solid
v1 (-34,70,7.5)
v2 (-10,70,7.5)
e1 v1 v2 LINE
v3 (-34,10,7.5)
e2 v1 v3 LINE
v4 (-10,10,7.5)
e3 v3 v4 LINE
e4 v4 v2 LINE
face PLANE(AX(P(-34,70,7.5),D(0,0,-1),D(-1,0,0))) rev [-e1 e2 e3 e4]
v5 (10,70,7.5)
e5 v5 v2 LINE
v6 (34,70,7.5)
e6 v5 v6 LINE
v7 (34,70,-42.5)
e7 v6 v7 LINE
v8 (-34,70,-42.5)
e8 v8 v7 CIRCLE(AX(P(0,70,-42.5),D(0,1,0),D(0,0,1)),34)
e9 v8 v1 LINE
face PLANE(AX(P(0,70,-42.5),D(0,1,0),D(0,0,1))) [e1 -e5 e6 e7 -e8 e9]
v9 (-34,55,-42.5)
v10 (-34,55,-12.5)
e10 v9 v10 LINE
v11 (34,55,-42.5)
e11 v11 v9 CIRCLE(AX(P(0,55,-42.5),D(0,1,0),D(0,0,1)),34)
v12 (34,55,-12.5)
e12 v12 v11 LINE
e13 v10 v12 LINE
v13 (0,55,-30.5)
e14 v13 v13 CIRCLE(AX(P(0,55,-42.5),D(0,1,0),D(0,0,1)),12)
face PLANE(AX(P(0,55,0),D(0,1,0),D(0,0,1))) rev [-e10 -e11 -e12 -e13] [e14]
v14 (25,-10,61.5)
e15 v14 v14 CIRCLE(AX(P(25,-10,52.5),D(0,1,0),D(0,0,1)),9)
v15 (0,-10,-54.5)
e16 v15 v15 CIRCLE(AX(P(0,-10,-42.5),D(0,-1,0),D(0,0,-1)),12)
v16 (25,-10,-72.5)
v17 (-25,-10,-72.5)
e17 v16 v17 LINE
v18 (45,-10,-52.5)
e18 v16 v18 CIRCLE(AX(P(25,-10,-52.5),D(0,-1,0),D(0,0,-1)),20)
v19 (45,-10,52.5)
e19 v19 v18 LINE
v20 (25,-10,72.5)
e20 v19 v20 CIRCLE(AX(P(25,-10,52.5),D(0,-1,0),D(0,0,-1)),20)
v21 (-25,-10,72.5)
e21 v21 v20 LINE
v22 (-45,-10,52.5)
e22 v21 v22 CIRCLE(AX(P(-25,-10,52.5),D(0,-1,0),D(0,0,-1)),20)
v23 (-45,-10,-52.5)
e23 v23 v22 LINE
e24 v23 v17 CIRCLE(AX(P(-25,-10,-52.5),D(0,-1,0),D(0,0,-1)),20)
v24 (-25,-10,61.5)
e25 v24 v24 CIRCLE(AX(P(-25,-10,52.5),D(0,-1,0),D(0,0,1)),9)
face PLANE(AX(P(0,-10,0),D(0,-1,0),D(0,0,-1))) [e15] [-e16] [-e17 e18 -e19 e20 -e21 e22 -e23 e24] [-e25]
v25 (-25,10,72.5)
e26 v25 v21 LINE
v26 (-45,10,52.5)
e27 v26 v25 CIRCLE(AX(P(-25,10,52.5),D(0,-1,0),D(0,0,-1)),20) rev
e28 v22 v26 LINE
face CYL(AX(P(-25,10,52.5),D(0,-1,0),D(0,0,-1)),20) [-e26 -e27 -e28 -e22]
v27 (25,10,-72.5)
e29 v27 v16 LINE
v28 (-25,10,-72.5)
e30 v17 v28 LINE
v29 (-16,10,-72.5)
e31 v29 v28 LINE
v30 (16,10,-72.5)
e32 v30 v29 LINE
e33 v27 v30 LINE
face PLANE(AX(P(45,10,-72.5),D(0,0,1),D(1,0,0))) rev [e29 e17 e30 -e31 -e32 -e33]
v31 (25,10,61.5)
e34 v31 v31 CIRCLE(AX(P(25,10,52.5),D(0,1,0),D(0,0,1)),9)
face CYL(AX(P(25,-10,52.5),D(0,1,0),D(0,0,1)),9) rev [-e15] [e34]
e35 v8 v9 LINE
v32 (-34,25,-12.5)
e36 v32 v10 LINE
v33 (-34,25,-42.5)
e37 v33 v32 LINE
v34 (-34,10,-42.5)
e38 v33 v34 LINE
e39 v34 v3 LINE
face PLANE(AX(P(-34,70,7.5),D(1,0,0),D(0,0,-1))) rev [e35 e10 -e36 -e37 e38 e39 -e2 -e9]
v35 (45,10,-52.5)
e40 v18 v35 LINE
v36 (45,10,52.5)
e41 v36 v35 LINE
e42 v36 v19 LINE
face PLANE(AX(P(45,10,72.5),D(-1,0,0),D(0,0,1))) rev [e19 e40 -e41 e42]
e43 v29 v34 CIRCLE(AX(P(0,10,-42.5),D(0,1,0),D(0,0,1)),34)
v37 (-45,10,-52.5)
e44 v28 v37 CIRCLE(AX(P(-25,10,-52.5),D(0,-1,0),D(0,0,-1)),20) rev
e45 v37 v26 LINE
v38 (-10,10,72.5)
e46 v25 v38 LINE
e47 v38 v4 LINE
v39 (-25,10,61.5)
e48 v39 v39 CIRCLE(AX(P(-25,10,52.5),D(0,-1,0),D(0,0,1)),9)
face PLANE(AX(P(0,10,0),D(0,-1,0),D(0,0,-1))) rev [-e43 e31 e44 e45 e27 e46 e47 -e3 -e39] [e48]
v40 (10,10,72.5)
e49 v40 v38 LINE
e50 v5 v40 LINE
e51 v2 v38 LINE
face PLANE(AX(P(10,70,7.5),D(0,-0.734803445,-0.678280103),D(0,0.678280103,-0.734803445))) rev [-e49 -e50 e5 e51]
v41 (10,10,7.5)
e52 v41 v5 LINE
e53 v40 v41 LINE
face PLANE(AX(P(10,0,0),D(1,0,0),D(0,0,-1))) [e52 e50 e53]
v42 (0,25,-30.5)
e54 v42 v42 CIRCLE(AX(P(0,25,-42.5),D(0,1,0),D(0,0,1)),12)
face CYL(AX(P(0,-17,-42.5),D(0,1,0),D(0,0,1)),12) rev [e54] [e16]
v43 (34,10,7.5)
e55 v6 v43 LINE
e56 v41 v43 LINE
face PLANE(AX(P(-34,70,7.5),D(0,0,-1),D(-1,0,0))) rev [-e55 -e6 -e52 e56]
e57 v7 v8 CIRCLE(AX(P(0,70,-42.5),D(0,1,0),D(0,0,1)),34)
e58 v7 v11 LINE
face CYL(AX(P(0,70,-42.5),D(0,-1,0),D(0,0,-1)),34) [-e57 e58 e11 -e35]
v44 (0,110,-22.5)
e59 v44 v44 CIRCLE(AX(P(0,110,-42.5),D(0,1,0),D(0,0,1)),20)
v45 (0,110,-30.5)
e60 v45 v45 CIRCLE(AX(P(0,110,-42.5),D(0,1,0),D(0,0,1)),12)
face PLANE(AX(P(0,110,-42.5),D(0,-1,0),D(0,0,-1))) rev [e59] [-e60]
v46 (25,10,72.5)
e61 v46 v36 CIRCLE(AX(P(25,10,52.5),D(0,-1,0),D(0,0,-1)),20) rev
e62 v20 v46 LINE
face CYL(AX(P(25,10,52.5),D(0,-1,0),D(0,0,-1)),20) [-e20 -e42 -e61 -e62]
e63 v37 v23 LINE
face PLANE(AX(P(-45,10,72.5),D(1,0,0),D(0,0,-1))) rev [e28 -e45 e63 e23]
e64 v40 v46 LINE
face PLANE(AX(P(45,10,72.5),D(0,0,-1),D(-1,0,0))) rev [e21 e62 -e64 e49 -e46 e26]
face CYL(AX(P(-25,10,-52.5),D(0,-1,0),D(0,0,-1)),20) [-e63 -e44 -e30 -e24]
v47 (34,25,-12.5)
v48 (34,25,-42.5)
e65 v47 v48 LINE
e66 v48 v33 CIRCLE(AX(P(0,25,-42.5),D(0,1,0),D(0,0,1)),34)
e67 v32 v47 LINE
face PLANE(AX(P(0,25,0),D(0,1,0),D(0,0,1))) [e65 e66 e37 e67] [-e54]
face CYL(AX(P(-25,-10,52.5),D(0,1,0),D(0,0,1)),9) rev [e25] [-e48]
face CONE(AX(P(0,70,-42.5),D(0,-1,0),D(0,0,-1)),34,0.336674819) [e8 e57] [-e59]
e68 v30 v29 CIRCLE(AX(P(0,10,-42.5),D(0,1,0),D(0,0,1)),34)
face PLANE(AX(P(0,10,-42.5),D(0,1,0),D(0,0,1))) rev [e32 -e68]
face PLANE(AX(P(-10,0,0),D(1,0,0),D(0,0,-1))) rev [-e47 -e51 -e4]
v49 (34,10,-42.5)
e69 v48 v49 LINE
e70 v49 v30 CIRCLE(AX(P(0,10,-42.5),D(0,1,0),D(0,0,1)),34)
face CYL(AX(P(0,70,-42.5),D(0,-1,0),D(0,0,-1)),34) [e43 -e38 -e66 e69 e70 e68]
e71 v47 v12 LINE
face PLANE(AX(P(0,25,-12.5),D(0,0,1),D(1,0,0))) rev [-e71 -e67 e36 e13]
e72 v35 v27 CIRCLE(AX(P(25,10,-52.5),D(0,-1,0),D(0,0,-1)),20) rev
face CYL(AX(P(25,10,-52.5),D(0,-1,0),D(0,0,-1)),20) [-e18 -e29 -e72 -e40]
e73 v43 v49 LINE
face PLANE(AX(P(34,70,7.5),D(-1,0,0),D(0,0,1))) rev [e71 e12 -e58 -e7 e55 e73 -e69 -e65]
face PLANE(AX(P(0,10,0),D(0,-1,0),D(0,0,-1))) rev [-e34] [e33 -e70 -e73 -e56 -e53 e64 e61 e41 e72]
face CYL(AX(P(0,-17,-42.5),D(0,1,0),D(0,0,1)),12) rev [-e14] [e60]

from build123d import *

# Parameters (mm, degrees)
SKETCH1_W           = 90
SKETCH1_H           = 145
BOSS_EXTRUDE2_DEPTH = 10
FILLET2_R           = 20
BOSS_EXTRUDE6_DEPTH = 60
CUT_EXTRUDE1_START  = -45
CUT_EXTRUDE1_DEPTH  = 30
SKETCH13_R          = 12
CUT_EXTRUDE2_DEPTH  = 127
BOSS_EXTRUDE8_DEPTH = 10
SKETCH17_R          = 9
CUT_EXTRUDE3_DEPTH  = 20


with BuildPart() as part:
    # Sketch1 → Boss-Extrude2 (new, symmetric)
    with BuildSketch(Plane(origin=(0, 0, 0), x_dir=(1, 0, 0), z_dir=(0, 1, 0))):
        Rectangle(SKETCH1_W, SKETCH1_H)
    extrude(amount=BOSS_EXTRUDE2_DEPTH, both=True)

    # Fillet2
    fillet2_edges = [part.edges().sort_by_distance(p)[0] for p in [
        (45, 0, -72.5),
        (45, 0, 72.5),
        (-45, 0, 72.5),
        (-45, 0, -72.5),
    ]]
    fillet(fillet2_edges, radius=FILLET2_R)

    # Sketch8 → Boss-Extrude6 (add)
    with BuildSketch(Plane(origin=(0, 10, 0), x_dir=(1, 0, 0), z_dir=(0, 1, 0))):
        with BuildLine():
            Line((-34, -7.5), (-34, 42.5))
            ThreePointArc((-34, 42.5), (0, 76.5), (34, 42.5))
            Line((34, 42.5), (34, -7.5))
            Line((34, -7.5), (-34, -7.5))
        make_face()
    extrude(amount=BOSS_EXTRUDE6_DEPTH)

    # Sketch9 → Cut-Extrude1 (cut)
    with BuildSketch(Plane(origin=(0, 70, 0), x_dir=(1, 0, 0), z_dir=(0, 1, 0)).offset(CUT_EXTRUDE1_START)):
        with BuildLine():
            Line((-34, 42.5), (-34, 12.5))
            Line((-34, 12.5), (34, 12.5))
            Line((34, 12.5), (34, 42.5))
            ThreePointArc((34, 42.5), (0, 76.5), (-34, 42.5))
        make_face()
    extrude(amount=CUT_EXTRUDE1_DEPTH, mode=Mode.SUBTRACT)

    # Sketch12 → Revolve1 (revolve)
    with BuildSketch(Plane.XY.offset(-42.5), mode=Mode.PRIVATE) as revolve1_sk:
        Polygon((0, 70), (0, 110), (20, 110), (34, 70), align=None)
    revolve(revolve1_sk.sketch.rotate(Axis((0, 70, -42.5), (0, 1, 0)), 180), axis=Axis((0, 70, -42.5), (0, 1, 0)))

    # Sketch13 → Cut-Extrude2 (cut)
    with BuildSketch(Plane(origin=(0, 110, 0), x_dir=(1, 0, 0), z_dir=(0, 1, 0))):
        with Locations(Location((0, 42.5, 0), (0, 0, 270))):
            Circle(SKETCH13_R)
    extrude(amount=-CUT_EXTRUDE2_DEPTH, mode=Mode.SUBTRACT)

    # Sketch16 → Boss-Extrude8 (add, symmetric)
    with BuildSketch(Plane(origin=(0, 0, 0), x_dir=(0, 0, -1), z_dir=(1, 0, 0))):
        Polygon((-7.5, 70), (-72.5, 10), (-7.5, 10), align=None)
    extrude(amount=BOSS_EXTRUDE8_DEPTH, both=True)

    # Sketch17 → Cut-Extrude3 (cut)
    with BuildSketch(Plane(origin=(0, 10, 0), x_dir=(1, 0, 0), z_dir=(0, 1, 0))):
        with Locations(Location((25, -52.5, 0), (0, 0, 270))):
            Circle(SKETCH17_R)
    cut_extrude3 = extrude(amount=-CUT_EXTRUDE3_DEPTH, mode=Mode.SUBTRACT)

    # Mirror1: Cut-Extrude3 across plane
    add(cut_extrude3.mirror(Plane(origin=(0, 0, 0), x_dir=(0, 0, 1), z_dir=(1, 0, 0))), mode=Mode.SUBTRACT)


solid = part.part
